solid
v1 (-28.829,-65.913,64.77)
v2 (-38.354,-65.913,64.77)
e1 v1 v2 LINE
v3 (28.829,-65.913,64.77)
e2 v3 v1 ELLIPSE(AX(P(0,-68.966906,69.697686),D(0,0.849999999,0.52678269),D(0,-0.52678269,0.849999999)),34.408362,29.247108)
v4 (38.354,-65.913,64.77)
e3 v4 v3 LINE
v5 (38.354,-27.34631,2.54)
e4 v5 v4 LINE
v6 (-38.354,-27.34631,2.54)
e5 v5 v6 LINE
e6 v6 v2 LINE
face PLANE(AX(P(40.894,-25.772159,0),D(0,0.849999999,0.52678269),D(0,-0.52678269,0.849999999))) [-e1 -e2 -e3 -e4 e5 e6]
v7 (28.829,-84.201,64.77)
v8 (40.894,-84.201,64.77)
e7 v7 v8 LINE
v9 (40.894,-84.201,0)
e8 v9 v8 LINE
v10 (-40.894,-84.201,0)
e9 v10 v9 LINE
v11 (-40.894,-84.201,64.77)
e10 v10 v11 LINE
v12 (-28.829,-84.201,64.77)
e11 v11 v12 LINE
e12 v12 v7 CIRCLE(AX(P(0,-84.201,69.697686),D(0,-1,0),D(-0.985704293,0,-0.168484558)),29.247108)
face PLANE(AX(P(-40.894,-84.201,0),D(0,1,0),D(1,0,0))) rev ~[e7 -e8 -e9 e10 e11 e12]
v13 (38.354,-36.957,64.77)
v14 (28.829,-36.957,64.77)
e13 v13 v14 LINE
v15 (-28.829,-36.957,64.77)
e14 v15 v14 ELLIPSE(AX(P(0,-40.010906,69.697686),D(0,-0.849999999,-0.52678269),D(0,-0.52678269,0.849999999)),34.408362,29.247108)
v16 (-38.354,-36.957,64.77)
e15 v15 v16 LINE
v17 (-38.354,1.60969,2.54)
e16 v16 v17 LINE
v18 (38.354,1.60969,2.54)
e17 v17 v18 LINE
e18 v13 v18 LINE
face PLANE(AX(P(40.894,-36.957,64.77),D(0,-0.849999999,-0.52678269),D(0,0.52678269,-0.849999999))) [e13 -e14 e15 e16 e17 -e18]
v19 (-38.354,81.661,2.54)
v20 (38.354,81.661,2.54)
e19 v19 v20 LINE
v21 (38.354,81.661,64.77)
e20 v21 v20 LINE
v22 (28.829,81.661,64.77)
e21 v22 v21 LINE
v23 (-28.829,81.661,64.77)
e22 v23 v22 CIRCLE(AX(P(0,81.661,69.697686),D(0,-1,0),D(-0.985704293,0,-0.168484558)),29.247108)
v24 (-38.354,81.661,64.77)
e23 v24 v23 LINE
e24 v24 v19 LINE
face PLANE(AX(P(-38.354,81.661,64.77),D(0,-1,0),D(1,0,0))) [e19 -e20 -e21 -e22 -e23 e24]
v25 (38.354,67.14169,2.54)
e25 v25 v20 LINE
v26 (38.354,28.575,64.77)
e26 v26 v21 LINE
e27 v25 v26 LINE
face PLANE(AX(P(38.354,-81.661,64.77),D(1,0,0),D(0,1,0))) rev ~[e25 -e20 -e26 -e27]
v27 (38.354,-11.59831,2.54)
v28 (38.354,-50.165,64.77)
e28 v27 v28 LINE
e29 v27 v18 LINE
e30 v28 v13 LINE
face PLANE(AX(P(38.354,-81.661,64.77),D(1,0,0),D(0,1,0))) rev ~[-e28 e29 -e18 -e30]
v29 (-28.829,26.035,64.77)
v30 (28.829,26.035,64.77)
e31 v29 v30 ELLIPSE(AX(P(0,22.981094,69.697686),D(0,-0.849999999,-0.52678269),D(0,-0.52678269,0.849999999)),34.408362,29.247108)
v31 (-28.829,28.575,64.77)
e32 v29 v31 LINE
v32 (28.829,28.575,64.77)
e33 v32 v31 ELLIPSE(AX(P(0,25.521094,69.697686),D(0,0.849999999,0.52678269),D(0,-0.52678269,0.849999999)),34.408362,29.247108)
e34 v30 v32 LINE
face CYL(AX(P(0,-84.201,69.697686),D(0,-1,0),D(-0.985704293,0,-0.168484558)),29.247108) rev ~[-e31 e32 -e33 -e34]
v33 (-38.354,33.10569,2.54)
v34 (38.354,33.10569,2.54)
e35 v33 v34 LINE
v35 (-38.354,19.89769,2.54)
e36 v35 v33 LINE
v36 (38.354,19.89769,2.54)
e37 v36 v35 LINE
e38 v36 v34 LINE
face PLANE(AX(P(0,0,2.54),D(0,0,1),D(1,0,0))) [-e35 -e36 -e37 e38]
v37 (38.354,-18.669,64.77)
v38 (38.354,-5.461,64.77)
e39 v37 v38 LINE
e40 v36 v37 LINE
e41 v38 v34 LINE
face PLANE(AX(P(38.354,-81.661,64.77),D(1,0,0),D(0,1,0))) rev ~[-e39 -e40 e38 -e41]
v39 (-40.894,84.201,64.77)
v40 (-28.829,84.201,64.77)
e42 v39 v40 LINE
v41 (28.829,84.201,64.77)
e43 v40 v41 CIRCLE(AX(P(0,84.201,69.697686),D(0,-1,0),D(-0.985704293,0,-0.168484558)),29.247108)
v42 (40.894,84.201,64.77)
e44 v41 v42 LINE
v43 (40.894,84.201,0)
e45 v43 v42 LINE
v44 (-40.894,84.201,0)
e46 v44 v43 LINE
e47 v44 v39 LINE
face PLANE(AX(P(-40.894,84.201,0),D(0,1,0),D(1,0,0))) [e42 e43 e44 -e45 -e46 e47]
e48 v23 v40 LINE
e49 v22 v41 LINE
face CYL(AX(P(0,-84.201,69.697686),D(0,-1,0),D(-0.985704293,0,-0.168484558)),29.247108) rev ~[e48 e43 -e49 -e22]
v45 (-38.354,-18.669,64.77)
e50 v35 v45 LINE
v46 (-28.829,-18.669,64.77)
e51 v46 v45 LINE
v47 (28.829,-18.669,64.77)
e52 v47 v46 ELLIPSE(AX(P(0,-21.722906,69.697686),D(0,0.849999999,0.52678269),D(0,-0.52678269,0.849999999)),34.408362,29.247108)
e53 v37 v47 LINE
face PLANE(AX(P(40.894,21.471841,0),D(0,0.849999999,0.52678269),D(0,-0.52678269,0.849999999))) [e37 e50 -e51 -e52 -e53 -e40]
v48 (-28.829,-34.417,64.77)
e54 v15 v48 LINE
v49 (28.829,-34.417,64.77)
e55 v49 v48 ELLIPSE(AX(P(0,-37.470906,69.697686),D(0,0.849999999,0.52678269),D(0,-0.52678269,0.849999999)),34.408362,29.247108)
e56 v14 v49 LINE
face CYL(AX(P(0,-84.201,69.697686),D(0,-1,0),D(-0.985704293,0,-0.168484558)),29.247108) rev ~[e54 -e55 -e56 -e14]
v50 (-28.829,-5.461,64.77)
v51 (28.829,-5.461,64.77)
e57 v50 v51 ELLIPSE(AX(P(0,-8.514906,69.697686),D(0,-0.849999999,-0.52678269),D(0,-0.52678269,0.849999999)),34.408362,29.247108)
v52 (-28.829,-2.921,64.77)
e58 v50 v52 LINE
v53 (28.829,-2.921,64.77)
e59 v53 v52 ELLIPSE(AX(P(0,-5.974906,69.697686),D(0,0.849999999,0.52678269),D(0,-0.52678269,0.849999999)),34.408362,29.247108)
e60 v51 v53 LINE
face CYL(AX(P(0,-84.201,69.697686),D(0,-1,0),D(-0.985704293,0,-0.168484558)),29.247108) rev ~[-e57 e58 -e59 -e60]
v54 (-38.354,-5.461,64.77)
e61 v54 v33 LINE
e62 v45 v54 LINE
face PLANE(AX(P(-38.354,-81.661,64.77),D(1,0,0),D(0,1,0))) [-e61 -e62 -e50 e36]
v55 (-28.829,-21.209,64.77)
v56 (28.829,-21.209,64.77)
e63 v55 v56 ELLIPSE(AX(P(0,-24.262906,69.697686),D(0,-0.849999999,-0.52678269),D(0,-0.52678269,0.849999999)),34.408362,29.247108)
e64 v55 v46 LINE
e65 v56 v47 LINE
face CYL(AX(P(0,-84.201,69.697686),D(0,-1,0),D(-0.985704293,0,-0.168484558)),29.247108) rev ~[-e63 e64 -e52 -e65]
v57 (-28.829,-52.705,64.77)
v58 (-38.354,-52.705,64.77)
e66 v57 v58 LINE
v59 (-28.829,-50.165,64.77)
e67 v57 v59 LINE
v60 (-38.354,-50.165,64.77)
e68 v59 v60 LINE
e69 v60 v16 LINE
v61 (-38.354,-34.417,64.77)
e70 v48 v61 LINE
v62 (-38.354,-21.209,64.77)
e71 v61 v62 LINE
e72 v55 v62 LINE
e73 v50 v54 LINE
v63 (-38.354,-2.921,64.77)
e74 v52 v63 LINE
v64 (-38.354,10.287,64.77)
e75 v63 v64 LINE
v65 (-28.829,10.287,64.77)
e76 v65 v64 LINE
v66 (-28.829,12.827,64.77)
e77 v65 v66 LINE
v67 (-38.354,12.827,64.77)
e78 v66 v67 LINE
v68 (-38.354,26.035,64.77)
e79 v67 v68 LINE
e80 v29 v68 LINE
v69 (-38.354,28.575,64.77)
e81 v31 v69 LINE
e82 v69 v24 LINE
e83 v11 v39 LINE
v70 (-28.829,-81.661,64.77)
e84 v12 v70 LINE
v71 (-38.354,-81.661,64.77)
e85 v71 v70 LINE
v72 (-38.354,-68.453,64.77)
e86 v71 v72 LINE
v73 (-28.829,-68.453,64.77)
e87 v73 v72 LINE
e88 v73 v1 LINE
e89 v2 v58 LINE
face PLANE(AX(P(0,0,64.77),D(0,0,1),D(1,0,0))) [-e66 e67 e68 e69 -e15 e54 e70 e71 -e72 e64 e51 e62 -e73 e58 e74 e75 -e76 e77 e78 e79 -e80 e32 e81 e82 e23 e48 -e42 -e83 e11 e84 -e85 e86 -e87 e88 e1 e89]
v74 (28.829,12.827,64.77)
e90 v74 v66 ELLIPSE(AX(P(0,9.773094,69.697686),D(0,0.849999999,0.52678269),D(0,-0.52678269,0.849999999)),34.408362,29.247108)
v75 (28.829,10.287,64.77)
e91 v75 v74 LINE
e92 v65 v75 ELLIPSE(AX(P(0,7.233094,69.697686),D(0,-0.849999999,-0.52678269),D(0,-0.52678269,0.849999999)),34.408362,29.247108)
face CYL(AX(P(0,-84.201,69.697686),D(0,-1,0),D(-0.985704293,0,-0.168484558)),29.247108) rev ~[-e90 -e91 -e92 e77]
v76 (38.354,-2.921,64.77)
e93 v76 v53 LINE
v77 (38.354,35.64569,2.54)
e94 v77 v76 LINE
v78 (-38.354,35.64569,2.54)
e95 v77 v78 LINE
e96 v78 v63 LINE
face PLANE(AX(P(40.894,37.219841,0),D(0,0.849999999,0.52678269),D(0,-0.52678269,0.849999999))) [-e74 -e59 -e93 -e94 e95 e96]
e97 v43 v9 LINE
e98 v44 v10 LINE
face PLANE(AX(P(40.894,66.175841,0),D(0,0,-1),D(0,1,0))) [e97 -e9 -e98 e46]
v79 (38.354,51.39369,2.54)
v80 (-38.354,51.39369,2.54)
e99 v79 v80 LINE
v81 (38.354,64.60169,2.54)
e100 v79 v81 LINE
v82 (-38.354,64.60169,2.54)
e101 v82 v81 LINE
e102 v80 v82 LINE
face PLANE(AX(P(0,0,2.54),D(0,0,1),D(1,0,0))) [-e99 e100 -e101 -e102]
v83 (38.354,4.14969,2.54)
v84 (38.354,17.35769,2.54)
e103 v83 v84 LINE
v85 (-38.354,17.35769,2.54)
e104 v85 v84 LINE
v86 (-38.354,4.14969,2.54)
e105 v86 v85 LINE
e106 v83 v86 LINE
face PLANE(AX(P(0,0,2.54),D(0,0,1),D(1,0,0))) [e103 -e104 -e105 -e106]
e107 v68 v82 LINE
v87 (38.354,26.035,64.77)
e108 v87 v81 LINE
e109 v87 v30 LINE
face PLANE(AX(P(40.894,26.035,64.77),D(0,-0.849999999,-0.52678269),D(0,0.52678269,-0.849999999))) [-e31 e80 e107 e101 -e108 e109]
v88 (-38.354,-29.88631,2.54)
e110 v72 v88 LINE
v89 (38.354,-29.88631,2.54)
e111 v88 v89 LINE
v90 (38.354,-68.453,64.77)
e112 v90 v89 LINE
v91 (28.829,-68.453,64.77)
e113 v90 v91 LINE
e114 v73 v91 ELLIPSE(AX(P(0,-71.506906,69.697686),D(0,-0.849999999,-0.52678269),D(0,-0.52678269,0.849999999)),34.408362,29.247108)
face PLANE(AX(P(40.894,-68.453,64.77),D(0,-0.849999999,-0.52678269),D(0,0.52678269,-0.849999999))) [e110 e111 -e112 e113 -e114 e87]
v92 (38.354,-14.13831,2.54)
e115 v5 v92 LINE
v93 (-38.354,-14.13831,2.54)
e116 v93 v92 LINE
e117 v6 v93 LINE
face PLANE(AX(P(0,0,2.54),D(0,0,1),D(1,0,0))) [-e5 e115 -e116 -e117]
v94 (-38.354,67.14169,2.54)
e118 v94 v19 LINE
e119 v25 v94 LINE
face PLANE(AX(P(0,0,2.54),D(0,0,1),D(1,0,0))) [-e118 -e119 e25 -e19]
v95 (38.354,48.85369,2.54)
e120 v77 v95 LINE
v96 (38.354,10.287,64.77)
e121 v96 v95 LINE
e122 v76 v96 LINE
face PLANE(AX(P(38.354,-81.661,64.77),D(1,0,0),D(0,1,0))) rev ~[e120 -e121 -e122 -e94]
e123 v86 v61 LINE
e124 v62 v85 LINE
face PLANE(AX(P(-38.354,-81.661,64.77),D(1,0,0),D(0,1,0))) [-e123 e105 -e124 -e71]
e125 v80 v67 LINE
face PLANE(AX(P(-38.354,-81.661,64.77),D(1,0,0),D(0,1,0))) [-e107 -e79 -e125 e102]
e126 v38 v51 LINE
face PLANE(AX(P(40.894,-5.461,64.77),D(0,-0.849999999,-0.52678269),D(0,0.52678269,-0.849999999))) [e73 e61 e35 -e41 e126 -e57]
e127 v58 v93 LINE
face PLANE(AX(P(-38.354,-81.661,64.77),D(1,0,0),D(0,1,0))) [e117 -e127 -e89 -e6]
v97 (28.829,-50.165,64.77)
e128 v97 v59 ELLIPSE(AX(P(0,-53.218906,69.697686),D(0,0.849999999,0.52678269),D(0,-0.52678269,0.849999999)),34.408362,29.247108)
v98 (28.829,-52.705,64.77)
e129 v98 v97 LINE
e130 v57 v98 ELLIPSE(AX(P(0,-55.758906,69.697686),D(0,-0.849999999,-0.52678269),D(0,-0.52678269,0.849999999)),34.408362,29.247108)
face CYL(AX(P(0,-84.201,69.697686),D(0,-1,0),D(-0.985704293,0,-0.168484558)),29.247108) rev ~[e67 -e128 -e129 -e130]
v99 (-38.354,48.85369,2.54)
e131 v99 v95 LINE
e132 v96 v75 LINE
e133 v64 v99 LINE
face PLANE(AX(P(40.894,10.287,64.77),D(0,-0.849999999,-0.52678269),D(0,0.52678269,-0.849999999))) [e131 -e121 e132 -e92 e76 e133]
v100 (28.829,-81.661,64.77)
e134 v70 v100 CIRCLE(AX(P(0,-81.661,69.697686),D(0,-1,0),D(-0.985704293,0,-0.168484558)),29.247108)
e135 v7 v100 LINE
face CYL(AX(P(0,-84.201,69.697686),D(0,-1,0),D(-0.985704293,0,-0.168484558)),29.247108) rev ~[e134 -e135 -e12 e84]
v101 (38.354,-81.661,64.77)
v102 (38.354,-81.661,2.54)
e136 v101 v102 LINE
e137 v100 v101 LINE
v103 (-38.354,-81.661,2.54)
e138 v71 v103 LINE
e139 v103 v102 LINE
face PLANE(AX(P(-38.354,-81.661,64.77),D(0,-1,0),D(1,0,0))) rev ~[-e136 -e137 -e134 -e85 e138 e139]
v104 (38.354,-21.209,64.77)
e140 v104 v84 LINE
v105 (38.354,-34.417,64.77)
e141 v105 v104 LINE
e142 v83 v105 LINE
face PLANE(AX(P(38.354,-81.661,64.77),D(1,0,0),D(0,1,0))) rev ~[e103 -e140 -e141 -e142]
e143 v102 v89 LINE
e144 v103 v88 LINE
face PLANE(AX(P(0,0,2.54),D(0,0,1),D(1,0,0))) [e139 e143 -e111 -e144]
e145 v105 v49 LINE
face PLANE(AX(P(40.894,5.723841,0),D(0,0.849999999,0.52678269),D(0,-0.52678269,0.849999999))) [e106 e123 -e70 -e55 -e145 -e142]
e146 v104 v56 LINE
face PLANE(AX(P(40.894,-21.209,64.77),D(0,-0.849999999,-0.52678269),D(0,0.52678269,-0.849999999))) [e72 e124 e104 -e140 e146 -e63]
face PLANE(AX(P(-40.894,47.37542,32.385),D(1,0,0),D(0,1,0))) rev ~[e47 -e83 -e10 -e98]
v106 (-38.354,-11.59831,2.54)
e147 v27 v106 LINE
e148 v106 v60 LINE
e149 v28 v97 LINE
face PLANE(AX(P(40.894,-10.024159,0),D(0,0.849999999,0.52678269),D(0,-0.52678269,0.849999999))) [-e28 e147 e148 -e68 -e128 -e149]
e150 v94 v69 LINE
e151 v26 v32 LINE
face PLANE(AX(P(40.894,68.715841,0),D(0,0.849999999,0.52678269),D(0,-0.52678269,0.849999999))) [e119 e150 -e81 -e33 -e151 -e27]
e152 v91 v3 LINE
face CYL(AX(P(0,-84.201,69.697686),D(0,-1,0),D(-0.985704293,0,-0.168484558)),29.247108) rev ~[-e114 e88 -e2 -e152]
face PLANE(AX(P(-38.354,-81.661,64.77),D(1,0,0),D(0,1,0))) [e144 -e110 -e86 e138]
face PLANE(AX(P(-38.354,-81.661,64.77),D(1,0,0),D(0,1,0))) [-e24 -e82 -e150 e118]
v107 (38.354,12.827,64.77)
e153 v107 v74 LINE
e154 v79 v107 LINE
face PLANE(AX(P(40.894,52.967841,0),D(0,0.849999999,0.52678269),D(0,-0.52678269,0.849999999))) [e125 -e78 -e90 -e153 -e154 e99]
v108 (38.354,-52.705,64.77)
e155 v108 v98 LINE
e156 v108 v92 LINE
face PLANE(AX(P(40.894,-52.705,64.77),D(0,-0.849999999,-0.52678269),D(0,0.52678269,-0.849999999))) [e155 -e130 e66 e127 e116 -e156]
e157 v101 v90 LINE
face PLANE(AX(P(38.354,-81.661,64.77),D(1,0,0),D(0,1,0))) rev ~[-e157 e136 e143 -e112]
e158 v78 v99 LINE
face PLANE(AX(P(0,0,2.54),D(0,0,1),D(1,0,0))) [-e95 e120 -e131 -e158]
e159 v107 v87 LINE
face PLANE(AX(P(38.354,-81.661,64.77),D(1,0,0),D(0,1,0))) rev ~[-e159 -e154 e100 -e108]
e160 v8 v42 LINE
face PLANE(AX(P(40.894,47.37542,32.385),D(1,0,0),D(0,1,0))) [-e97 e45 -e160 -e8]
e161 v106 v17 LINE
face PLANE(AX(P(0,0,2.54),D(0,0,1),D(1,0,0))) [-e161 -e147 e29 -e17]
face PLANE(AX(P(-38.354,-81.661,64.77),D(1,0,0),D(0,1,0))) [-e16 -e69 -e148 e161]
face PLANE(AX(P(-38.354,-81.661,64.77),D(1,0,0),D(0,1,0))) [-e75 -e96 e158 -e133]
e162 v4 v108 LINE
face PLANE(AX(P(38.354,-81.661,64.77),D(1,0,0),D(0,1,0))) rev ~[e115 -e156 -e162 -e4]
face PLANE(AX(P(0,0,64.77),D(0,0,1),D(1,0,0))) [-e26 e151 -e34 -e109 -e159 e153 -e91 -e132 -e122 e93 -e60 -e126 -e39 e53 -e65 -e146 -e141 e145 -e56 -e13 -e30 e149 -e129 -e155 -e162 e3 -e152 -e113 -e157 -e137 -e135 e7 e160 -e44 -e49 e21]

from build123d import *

# Parameters (mm, degrees)
F0_W     = 81.788
F0_H     = 168.402
F1_DEPTH = 64.77
F2_W     = 76.708
F2_H     = 163.322
F3_DEPTH = 62.23
F5_DEPTH = 81.788
F7_DEPTH = 177.8


with BuildPart() as f1:
    # F0 (on Top) → F1 (new body)
    with BuildSketch(Plane.XY):
        Rectangle(F0_W, F0_H)
    extrude(amount=F1_DEPTH)

    # F2 (on face) → F3 (cut)
    with BuildSketch(Plane.XY.offset(64.77)):
        Rectangle(F2_W, F2_H)
    extrude(amount=-F3_DEPTH, mode=Mode.SUBTRACT)

    # F4 (on face) → F5 (join)
    with BuildSketch(Plane.YZ.offset(40.894)):
        Polygon((26.035, 64.77), (66.175841, 0), (68.715841, 0), (28.575, 64.77), align=None)
        Polygon((10.287, 64.77), (50.427841, 0), (52.967841, 0), (12.827, 64.77), align=None)
        Polygon((-5.461, 64.77), (34.679841, 0), (37.219841, 0), (-2.921, 64.77), align=None)
        Polygon((-21.209, 64.77), (18.931841, 0), (21.471841, 0), (-18.669, 64.77), align=None)
        Polygon((-36.957, 64.77), (3.183841, 0), (5.723841, 0), (-34.417, 64.77), align=None)
        Polygon((-52.705, 64.77), (-12.564159, 0), (-10.024159, 0), (-50.165, 64.77), align=None)
        Polygon((-68.453, 64.77), (-28.312159, 0), (-25.772159, 0), (-65.913, 64.77), align=None)
    extrude(amount=-F5_DEPTH)

    # F6 (on face) → F7 (cut)
    with BuildSketch(Plane.XZ.offset(84.201)):
        with BuildLine():
            Line((28.829, 64.77), (-28.829, 64.77))
            ThreePointArc((-28.829, 64.77), (0, 40.450578), (28.829, 64.77))
        make_face()
    extrude(amount=-F7_DEPTH, mode=Mode.SUBTRACT)


solid = f1.part
